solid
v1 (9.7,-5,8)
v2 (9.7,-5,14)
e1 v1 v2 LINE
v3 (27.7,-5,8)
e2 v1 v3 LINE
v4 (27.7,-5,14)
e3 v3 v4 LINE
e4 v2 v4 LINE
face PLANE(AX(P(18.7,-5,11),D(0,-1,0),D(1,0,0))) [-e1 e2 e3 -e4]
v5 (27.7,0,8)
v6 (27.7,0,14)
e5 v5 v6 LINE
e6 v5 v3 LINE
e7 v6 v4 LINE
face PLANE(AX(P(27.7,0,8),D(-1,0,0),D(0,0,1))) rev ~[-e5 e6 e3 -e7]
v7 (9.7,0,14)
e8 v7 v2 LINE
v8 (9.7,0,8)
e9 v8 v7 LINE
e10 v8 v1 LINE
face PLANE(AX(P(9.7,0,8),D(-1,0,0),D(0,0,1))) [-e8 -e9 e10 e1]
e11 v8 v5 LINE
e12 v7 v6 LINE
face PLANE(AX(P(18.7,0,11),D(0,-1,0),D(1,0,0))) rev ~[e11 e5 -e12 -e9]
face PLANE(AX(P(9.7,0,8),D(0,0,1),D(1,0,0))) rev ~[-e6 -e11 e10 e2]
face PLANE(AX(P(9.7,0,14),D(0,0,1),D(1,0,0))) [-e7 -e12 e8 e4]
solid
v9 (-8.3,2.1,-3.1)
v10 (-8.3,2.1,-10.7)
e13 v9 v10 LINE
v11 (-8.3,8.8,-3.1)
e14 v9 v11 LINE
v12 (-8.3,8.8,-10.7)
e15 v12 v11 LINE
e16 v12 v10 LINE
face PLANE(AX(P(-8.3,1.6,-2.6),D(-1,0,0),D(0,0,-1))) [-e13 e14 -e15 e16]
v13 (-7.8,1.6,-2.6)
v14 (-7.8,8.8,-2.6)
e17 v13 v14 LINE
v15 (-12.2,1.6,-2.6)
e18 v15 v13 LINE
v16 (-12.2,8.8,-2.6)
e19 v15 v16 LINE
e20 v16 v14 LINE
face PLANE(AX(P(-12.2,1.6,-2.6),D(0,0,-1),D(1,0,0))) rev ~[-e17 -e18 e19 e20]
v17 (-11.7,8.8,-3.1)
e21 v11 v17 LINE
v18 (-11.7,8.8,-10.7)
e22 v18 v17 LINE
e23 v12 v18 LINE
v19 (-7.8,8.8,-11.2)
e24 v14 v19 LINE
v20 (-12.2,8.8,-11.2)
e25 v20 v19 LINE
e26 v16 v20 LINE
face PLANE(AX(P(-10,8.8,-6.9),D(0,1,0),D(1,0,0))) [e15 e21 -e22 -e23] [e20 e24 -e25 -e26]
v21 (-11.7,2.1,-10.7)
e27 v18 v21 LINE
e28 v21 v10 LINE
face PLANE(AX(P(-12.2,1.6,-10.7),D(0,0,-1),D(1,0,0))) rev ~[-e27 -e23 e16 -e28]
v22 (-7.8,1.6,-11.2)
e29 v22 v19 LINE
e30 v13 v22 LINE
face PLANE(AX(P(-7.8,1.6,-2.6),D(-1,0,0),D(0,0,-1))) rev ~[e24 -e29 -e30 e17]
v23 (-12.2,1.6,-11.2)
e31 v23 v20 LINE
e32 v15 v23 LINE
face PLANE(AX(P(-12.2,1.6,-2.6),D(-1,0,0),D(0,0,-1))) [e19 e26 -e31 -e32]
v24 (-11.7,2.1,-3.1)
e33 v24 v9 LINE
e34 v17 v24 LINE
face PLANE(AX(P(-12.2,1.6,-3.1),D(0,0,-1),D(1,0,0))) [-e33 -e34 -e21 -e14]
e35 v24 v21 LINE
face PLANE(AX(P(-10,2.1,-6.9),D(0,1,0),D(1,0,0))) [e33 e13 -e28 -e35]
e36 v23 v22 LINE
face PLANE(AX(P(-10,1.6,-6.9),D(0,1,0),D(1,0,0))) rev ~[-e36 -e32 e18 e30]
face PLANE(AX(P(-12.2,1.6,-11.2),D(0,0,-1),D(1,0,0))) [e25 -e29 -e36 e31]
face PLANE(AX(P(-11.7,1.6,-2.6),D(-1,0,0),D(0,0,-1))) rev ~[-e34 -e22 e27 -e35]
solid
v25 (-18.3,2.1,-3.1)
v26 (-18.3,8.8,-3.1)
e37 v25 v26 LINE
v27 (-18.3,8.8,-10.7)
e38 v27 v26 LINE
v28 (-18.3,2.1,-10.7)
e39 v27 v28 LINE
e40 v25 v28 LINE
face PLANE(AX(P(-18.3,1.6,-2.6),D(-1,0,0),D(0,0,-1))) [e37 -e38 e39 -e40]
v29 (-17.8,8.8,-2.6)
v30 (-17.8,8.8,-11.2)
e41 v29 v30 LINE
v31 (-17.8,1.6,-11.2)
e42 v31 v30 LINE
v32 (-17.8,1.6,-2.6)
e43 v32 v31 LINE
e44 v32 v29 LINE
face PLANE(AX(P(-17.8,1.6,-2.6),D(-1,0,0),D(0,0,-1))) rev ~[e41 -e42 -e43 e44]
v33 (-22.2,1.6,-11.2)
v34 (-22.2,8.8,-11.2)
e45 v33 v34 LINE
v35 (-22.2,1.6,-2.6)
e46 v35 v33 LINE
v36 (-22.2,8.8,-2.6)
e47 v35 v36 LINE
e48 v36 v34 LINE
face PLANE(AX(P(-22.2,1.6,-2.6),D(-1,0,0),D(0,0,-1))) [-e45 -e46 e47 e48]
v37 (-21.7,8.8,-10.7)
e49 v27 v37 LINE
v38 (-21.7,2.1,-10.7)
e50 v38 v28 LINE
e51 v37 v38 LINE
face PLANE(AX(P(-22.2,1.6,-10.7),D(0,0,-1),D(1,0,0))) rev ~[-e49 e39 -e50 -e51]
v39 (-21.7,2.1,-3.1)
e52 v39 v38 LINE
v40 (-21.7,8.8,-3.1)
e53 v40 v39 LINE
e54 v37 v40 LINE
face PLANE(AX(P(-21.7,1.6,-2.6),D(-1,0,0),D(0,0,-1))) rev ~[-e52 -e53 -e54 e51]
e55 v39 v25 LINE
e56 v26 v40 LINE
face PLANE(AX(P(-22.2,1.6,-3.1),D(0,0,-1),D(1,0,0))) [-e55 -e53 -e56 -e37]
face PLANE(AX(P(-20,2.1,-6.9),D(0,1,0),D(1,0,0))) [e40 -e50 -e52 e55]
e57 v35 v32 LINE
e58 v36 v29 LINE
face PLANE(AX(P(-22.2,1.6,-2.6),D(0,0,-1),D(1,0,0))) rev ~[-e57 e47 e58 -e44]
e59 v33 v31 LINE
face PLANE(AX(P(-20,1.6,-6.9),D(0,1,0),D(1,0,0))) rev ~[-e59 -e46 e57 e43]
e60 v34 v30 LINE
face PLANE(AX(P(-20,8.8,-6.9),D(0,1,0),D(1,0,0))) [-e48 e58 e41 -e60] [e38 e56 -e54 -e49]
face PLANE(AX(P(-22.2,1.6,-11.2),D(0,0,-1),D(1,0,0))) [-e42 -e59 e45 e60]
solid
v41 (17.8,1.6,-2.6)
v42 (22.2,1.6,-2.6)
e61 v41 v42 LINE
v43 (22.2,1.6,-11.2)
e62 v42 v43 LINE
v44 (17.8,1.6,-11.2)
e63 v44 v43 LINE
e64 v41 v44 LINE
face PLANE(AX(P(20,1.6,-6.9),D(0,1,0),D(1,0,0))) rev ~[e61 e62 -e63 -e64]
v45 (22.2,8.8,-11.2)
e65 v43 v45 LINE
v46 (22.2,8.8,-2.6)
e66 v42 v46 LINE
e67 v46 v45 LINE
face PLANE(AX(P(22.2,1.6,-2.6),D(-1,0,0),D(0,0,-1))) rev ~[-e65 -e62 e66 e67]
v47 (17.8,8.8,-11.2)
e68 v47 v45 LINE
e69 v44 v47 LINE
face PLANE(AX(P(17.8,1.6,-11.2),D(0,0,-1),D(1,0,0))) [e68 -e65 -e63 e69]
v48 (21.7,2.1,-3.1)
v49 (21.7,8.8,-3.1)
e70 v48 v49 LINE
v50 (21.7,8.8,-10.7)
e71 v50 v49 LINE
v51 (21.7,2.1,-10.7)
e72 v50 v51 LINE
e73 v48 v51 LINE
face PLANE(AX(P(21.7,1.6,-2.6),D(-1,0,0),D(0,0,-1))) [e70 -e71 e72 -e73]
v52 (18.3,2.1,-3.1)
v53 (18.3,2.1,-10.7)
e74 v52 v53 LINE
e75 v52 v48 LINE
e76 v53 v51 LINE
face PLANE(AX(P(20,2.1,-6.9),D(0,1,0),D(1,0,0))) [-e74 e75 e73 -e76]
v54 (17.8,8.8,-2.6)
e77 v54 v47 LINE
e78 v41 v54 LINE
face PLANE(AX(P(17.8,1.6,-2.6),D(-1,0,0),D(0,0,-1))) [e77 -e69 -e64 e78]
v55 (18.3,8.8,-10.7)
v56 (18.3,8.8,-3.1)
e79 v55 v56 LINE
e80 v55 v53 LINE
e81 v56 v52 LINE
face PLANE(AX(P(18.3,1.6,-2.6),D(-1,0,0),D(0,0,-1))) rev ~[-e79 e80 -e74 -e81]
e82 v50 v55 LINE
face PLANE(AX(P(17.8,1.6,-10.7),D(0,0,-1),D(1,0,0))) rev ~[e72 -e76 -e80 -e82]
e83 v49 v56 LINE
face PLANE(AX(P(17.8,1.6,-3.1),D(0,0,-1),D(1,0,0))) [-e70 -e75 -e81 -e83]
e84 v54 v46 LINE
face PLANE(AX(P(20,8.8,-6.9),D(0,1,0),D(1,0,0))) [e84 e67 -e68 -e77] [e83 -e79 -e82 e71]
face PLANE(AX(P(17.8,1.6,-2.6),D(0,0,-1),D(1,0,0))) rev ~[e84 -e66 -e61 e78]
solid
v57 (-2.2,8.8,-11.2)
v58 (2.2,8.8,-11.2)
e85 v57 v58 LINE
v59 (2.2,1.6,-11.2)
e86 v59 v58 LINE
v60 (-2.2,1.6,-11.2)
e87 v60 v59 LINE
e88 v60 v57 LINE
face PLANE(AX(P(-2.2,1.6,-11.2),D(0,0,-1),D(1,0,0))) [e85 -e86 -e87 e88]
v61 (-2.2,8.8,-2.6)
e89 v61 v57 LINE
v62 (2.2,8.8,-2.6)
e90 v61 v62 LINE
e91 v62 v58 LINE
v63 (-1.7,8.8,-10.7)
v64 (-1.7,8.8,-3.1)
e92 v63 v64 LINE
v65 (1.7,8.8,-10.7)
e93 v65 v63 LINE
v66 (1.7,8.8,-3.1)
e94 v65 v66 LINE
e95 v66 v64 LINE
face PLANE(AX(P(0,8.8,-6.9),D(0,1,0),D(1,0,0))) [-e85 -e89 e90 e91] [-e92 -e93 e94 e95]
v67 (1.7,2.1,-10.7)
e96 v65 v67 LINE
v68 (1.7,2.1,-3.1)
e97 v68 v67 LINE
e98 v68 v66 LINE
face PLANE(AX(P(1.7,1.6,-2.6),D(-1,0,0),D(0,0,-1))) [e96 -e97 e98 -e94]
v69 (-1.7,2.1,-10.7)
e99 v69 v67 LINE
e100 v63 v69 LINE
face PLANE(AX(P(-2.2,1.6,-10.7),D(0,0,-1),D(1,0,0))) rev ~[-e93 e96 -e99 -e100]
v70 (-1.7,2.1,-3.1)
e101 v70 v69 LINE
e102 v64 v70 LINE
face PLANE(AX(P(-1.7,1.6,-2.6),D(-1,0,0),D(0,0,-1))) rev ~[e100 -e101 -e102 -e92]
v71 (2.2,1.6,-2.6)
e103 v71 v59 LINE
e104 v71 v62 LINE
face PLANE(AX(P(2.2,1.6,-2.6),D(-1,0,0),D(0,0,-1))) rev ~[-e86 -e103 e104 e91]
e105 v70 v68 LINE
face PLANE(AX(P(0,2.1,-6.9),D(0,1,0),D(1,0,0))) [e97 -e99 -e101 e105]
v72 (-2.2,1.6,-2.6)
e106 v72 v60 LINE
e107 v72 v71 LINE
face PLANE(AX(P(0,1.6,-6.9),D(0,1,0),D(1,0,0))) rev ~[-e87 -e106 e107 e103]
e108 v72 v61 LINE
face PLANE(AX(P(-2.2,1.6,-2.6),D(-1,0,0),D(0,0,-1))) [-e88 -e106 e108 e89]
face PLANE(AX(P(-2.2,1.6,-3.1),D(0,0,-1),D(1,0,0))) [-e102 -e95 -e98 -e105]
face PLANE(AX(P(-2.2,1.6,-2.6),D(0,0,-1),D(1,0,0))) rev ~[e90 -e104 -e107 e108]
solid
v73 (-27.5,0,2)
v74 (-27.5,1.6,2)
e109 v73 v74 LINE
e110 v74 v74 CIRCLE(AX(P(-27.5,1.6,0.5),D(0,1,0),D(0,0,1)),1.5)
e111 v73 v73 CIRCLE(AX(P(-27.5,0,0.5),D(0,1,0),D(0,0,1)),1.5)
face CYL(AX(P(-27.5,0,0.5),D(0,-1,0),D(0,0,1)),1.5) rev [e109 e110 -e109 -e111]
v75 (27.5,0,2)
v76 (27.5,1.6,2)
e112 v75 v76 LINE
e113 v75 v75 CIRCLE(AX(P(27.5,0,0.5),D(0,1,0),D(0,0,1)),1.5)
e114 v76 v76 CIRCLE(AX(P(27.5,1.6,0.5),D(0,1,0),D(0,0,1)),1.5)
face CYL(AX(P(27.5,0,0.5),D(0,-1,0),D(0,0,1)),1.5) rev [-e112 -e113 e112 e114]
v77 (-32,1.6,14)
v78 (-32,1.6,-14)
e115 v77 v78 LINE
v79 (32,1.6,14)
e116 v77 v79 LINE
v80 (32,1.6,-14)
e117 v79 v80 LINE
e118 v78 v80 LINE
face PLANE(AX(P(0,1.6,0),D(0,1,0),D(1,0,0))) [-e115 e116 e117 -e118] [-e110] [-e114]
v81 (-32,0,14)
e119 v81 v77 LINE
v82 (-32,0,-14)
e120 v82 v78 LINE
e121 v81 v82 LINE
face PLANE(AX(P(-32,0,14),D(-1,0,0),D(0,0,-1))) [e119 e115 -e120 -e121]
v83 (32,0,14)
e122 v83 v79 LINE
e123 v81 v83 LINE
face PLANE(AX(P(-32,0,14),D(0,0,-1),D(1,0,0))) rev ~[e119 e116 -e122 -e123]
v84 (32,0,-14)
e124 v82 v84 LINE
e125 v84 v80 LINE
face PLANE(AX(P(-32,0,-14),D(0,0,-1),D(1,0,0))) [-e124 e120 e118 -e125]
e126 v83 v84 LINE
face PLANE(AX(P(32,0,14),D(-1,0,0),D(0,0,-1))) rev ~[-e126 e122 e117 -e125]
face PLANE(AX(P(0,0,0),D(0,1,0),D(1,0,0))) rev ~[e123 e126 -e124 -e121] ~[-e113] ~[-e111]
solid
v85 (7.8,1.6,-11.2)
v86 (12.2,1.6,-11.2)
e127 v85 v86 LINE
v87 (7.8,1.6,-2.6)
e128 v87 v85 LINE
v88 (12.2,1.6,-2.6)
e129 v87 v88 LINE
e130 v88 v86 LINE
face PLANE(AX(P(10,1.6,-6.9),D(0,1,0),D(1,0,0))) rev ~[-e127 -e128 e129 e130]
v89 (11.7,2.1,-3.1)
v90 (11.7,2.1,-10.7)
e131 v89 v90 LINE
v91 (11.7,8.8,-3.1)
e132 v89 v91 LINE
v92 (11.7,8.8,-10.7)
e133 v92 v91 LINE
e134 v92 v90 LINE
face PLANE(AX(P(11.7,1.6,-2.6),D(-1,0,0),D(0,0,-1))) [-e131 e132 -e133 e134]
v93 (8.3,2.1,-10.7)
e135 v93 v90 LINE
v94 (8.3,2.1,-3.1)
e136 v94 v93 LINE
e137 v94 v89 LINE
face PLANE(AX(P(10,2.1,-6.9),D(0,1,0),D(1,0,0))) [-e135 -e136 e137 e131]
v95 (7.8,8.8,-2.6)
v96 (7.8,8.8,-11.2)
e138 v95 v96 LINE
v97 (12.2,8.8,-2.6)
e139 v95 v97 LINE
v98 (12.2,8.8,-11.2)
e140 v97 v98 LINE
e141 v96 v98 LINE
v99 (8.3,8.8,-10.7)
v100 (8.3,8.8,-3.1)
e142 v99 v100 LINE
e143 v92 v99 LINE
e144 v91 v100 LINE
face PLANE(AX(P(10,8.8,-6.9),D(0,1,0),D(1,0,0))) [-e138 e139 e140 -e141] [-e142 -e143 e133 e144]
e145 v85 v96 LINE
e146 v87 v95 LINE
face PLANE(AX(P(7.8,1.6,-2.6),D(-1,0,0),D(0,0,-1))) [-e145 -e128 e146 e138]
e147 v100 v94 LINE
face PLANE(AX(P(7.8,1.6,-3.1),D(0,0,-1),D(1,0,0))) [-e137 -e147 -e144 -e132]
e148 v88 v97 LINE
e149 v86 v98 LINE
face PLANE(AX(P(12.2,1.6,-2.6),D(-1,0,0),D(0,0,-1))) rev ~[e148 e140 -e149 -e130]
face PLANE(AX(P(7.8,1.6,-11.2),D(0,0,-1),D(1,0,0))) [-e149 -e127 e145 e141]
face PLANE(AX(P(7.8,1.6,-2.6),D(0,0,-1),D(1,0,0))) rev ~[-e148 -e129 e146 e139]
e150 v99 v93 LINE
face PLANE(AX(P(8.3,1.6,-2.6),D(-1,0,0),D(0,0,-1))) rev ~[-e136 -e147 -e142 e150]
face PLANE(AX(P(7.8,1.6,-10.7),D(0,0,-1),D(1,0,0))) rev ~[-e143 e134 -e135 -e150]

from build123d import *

# Parameters (mm, degrees)
SKETCH1_W             = 64
SKETCH1_H             = 28
SKETCH1_R             = 1.5
BOSS_EXTRUDE1_DEPTH   = 1.6
SKETCH2_W             = 4.4
SKETCH2_H             = 8.6
BOSS_EXTRUDE2_DEPTH   = 7.2
BOSS_EXTRUDE2_2_DEPTH = 7.2
BOSS_EXTRUDE2_3_DEPTH = 7.2
BOSS_EXTRUDE2_4_DEPTH = 7.2
BOSS_EXTRUDE2_5_DEPTH = 7.2
SHELL1_T              = -0.5
SHELL2_T              = -0.5
SHELL3_T              = -0.5
SHELL4_T              = -0.5
SHELL5_T              = -0.5
SKETCH3_W             = 18
SKETCH3_H             = 6
BOSS_EXTRUDE3_DEPTH   = 5


with BuildPart() as part:
    # Sketch1 → Boss-Extrude1 (new body)
    with BuildSketch(Plane(origin=(0, 0, 0), x_dir=(1, 0, 0), z_dir=(0, 1, 0))):
        Rectangle(SKETCH1_W, SKETCH1_H)
        with Locations(Location((27.5, -0.5, 0), (0, 0, 270))):
            Circle(SKETCH1_R, mode=Mode.SUBTRACT)
        with Locations(Location((-27.5, -0.5, 0), (0, 0, 270))):
            Circle(SKETCH1_R, mode=Mode.SUBTRACT)
    extrude(amount=BOSS_EXTRUDE1_DEPTH)


with BuildPart() as body_2:
    # Sketch2 → Boss-Extrude2 (new body)
    with BuildSketch(Plane(origin=(0, 1.6, 0), x_dir=(1, 0, 0), z_dir=(0, 1, 0))):
        with Locations((0, 6.9)):
            Rectangle(SKETCH2_W, SKETCH2_H)
    extrude(amount=BOSS_EXTRUDE2_DEPTH)

    # Shell3
    shell3_openings = [body_2.faces().sort_by_distance(p)[0] for p in [
        (0, 8.8, -6.9),
    ]]
    offset(amount=SHELL3_T, openings=shell3_openings, kind=Kind.INTERSECTION)


with BuildPart() as body_3:
    # Sketch2 → Boss-Extrude2 2 (new body)
    with BuildSketch(Plane(origin=(0, 1.6, 0), x_dir=(1, 0, 0), z_dir=(0, 1, 0))):
        with Locations((10, 6.9)):
            Rectangle(SKETCH2_W, SKETCH2_H)
    extrude(amount=BOSS_EXTRUDE2_2_DEPTH)

    # Shell4
    shell4_openings = [body_3.faces().sort_by_distance(p)[0] for p in [
        (10, 8.8, -6.9),
    ]]
    offset(amount=SHELL4_T, openings=shell4_openings, kind=Kind.INTERSECTION)


with BuildPart() as body_4:
    # Sketch2 → Boss-Extrude2 3 (new body)
    with BuildSketch(Plane(origin=(0, 1.6, 0), x_dir=(1, 0, 0), z_dir=(0, 1, 0))):
        with Locations((20, 6.9)):
            Rectangle(SKETCH2_W, SKETCH2_H)
    extrude(amount=BOSS_EXTRUDE2_3_DEPTH)

    # Shell5
    shell5_openings = [body_4.faces().sort_by_distance(p)[0] for p in [
        (20, 8.8, -6.9),
    ]]
    offset(amount=SHELL5_T, openings=shell5_openings, kind=Kind.INTERSECTION)


with BuildPart() as body_5:
    # Sketch2 → Boss-Extrude2 4 (new body)
    with BuildSketch(Plane(origin=(0, 1.6, 0), x_dir=(1, 0, 0), z_dir=(0, 1, 0))):
        with Locations((-10, 6.9)):
            Rectangle(SKETCH2_W, SKETCH2_H)
    extrude(amount=BOSS_EXTRUDE2_4_DEPTH)

    # Shell2
    shell2_openings = [body_5.faces().sort_by_distance(p)[0] for p in [
        (-10, 8.8, -6.9),
    ]]
    offset(amount=SHELL2_T, openings=shell2_openings, kind=Kind.INTERSECTION)


with BuildPart() as body_6:
    # Sketch2 → Boss-Extrude2 5 (new body)
    with BuildSketch(Plane(origin=(0, 1.6, 0), x_dir=(1, 0, 0), z_dir=(0, 1, 0))):
        with Locations((-20, 6.9)):
            Rectangle(SKETCH2_W, SKETCH2_H)
    extrude(amount=BOSS_EXTRUDE2_5_DEPTH)

    # Shell1
    shell1_openings = [body_6.faces().sort_by_distance(p)[0] for p in [
        (-20, 8.8, -6.9),
    ]]
    offset(amount=SHELL1_T, openings=shell1_openings, kind=Kind.INTERSECTION)


with BuildPart() as body_7:
    # Sketch3 → Boss-Extrude3 (new body)
    with BuildSketch(Plane.XZ):
        with Locations((18.7, 11)):
            Rectangle(SKETCH3_W, SKETCH3_H)
    extrude(amount=BOSS_EXTRUDE3_DEPTH)


solid = Compound([part.part, body_2.part, body_3.part, body_4.part, body_5.part, body_6.part, body_7.part])
